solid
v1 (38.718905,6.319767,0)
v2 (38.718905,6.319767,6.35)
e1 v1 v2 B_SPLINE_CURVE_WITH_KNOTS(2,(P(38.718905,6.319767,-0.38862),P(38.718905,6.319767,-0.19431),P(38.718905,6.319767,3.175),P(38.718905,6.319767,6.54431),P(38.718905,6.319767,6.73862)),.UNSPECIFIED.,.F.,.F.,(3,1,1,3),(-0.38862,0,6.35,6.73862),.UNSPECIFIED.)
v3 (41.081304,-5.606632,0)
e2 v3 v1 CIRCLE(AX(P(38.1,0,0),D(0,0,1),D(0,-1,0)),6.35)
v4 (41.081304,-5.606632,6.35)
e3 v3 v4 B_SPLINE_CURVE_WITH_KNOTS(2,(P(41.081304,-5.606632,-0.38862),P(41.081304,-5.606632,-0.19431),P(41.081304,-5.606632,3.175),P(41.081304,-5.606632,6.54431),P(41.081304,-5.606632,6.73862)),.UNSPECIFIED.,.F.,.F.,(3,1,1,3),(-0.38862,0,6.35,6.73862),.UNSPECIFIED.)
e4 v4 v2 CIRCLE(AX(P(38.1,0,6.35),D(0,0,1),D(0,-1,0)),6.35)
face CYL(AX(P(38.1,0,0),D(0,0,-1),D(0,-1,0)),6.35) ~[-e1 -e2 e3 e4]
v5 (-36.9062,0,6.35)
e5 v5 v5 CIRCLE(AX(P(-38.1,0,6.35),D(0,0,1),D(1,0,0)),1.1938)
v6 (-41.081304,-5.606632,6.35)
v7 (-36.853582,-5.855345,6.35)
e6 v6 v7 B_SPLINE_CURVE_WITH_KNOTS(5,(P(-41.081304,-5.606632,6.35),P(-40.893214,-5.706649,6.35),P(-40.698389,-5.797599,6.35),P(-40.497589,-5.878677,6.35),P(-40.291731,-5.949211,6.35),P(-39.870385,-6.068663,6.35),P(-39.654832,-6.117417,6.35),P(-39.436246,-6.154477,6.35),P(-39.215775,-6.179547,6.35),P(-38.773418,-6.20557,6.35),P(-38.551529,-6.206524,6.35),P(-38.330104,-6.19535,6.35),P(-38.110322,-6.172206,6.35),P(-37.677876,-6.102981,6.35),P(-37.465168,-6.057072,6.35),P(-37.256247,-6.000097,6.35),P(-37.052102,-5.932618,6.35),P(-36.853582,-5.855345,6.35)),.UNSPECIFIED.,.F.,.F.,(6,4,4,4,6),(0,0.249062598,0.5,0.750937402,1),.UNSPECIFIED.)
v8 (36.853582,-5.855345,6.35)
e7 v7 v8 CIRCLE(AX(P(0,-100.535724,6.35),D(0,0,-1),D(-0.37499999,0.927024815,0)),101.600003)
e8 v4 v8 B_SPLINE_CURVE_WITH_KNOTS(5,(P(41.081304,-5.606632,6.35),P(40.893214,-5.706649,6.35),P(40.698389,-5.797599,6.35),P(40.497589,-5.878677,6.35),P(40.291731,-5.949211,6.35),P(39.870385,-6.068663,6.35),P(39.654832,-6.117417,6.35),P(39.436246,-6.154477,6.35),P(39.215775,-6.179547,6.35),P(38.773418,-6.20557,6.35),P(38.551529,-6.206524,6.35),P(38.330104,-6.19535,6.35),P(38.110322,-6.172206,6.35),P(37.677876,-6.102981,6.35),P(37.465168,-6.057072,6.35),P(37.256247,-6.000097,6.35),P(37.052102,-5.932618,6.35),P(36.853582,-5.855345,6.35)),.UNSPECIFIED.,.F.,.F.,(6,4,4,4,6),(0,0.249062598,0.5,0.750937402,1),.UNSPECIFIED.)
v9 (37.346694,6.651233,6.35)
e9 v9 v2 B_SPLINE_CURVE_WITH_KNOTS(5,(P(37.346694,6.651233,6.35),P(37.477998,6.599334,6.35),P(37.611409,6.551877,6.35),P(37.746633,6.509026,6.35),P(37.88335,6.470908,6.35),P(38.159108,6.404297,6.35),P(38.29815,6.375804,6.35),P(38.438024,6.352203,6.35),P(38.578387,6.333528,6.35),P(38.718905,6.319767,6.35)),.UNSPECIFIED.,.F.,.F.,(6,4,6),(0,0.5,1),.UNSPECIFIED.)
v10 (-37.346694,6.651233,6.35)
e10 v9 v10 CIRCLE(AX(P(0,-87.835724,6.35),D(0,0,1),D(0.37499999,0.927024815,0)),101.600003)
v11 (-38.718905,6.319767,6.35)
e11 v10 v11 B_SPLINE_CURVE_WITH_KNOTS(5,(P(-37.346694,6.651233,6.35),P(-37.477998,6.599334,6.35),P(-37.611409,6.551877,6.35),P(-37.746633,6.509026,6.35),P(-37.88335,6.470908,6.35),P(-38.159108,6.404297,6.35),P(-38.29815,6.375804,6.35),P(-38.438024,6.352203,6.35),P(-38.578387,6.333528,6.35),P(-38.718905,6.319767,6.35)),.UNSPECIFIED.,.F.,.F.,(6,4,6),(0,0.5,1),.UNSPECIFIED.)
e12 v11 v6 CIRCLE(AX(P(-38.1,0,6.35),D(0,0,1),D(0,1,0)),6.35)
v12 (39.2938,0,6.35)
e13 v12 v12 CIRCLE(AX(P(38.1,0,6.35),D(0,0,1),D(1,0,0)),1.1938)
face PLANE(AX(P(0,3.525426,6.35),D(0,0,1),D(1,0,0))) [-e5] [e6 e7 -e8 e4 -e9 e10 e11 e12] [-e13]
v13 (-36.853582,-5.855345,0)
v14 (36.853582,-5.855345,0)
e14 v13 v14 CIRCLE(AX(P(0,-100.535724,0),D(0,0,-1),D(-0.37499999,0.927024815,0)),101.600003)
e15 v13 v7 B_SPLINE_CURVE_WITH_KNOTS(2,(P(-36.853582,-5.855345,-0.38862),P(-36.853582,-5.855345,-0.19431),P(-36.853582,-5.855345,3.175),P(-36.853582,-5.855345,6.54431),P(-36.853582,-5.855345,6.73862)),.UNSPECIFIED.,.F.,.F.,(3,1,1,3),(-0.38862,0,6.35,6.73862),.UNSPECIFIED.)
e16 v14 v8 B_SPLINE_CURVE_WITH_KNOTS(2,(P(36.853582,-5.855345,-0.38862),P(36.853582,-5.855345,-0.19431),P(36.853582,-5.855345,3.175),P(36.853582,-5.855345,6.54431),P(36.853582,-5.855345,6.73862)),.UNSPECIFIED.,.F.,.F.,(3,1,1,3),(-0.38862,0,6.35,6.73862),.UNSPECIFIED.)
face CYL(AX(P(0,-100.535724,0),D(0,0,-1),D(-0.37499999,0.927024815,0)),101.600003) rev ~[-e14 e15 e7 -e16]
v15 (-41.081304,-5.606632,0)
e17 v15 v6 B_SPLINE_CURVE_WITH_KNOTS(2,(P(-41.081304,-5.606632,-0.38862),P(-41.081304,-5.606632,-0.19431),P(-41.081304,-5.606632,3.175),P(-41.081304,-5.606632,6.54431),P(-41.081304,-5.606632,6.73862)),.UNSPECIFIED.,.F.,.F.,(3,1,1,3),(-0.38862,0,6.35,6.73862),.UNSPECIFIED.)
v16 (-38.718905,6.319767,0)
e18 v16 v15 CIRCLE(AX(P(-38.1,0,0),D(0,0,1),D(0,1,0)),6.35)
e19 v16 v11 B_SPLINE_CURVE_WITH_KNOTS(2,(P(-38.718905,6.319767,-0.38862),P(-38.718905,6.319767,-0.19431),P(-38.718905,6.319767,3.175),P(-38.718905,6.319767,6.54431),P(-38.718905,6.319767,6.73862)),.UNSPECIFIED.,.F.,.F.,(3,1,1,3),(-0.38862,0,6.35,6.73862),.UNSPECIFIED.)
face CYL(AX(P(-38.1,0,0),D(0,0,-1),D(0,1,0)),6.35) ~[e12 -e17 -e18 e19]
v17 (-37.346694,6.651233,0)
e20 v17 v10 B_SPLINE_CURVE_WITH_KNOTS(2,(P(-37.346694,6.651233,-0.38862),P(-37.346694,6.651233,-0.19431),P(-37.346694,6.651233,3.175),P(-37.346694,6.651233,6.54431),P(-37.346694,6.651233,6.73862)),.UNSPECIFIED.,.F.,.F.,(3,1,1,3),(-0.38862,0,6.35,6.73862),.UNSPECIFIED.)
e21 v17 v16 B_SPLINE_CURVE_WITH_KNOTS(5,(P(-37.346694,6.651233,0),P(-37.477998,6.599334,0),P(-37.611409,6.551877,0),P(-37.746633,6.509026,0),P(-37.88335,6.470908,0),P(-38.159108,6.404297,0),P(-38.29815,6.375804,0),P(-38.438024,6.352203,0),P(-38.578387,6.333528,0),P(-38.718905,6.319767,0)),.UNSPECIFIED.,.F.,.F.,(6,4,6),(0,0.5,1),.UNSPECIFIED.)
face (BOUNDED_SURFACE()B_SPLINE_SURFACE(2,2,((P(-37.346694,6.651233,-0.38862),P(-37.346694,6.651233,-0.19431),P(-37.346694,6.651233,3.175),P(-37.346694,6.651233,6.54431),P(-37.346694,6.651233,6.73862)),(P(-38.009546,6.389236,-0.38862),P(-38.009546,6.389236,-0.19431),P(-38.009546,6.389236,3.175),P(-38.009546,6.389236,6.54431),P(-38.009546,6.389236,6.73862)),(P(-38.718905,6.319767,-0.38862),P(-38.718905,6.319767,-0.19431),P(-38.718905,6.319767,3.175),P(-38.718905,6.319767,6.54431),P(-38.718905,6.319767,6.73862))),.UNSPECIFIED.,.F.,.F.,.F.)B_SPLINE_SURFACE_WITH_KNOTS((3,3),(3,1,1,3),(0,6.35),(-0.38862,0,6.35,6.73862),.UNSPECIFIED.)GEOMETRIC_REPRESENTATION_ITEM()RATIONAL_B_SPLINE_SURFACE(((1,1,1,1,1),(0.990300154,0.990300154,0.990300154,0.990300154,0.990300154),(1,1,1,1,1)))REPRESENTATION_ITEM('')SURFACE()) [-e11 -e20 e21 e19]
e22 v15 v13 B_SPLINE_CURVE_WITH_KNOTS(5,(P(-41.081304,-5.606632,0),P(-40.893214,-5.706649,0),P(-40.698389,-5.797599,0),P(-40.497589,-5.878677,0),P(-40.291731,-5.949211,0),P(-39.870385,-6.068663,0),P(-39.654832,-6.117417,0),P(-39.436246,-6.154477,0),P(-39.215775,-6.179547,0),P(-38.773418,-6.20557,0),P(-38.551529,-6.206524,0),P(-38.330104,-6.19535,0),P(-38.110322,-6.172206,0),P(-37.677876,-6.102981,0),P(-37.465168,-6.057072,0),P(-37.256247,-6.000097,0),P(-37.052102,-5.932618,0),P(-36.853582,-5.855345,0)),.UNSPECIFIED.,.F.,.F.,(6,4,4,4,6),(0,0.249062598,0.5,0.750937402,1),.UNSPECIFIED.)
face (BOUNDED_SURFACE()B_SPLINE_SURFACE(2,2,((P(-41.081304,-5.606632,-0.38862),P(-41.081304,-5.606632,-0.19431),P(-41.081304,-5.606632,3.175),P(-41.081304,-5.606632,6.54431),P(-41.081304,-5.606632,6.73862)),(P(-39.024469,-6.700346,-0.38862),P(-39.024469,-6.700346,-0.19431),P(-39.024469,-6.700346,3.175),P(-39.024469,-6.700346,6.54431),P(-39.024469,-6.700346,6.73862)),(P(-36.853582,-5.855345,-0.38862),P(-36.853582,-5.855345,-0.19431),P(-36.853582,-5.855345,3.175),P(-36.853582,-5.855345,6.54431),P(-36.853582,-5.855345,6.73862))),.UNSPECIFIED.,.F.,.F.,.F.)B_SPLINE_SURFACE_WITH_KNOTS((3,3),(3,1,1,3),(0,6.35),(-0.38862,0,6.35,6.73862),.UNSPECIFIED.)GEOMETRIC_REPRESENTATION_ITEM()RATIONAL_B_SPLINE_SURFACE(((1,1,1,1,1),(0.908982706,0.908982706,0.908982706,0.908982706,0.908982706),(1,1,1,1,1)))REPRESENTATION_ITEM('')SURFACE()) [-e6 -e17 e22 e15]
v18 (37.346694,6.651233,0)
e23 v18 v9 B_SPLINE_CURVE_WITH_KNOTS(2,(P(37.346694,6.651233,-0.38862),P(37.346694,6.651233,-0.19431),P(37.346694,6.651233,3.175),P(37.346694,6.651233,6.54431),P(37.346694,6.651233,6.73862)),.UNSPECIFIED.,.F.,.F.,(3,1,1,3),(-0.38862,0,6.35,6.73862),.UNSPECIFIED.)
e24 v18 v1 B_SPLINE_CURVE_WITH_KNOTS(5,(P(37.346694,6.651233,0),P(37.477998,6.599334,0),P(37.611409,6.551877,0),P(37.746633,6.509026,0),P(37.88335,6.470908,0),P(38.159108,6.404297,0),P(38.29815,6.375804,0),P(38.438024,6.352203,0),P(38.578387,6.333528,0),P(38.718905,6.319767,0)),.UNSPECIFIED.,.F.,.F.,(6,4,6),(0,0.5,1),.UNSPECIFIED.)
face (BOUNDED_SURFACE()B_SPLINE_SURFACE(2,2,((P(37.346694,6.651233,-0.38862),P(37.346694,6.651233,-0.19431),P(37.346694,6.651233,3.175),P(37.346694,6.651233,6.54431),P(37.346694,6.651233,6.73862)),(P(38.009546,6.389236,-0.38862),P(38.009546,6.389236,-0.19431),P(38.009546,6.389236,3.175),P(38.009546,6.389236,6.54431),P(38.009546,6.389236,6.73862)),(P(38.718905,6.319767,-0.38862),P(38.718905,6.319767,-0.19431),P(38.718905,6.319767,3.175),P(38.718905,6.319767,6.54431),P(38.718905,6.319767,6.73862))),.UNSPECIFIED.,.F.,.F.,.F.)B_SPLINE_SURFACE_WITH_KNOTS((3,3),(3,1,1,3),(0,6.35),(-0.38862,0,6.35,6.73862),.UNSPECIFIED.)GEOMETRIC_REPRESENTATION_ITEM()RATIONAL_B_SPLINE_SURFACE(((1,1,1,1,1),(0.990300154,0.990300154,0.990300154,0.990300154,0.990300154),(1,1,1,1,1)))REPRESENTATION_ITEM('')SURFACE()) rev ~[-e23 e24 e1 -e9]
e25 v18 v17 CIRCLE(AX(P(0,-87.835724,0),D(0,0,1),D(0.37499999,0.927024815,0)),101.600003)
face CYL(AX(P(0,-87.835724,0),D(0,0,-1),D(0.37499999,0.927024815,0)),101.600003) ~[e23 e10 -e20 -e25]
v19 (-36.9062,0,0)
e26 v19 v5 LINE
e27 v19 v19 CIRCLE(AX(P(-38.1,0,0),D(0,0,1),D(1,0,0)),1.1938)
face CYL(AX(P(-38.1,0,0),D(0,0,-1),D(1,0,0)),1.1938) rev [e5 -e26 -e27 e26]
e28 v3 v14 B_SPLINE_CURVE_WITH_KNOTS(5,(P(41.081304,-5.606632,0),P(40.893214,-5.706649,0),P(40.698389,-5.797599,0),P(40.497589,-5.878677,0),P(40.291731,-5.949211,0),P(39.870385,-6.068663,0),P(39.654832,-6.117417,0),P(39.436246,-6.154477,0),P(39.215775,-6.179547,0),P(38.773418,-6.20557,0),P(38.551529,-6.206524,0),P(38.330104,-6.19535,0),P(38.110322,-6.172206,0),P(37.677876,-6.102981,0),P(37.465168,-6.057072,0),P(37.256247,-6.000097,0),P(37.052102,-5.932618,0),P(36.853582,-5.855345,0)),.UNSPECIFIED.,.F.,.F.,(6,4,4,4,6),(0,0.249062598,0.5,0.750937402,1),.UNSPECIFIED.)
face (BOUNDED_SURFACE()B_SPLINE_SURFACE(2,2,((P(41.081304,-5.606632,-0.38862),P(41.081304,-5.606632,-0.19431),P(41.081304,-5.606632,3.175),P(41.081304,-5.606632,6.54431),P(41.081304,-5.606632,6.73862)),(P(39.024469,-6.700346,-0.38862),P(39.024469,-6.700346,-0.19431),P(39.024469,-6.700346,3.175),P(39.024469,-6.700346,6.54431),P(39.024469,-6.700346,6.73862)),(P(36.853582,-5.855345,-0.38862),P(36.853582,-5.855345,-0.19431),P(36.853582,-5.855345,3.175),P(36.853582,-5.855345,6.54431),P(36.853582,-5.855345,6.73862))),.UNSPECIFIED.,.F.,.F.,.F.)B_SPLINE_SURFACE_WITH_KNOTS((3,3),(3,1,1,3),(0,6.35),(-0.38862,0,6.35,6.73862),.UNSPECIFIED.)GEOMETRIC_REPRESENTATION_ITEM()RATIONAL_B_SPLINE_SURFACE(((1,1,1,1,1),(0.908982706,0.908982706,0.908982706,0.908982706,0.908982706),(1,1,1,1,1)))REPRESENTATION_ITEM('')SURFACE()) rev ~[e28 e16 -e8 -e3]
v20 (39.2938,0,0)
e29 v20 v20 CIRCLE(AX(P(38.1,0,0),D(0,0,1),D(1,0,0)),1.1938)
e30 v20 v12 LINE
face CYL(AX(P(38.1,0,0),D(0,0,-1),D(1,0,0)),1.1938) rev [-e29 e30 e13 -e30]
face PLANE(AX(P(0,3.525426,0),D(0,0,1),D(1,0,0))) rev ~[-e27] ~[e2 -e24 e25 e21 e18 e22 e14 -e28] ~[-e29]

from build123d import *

# Parameters (mm, degrees)
F0_R     = 1.1938
F1_DEPTH = 6.35
F2_R     = 5.08


with BuildPart() as f1:
    # F0 (on Top) → F1 (new body)
    with BuildSketch(Plane.XY):
        with BuildLine():
            ThreePointArc((38.1, 6.35), (0, 13.764279), (-38.1, 6.35))
            ThreePointArc((-38.1, 6.35), (-44.45, 0), (-38.1, -6.35))
            ThreePointArc((-38.1, -6.35), (0, 1.064279), (38.1, -6.35))
            ThreePointArc((38.1, -6.35), (44.45, 0), (38.1, 6.35))
        make_face()
        with Locations((-38.1, 0)):
            Circle(F0_R, mode=Mode.SUBTRACT)
        with Locations((38.1, 0)):
            Circle(F0_R, mode=Mode.SUBTRACT)
    extrude(amount=F1_DEPTH)

    # F2
    f2_edges = [f1.edges().sort_by_distance(p)[0] for p in [
        (-38.1, -6.35, 3.175),
        (38.1, -6.35, 3.175),
        (38.1, 6.35, 3.175),
        (-38.1, 6.35, 3.175),
    ]]
    fillet(f2_edges, radius=F2_R)


solid = f1.part
